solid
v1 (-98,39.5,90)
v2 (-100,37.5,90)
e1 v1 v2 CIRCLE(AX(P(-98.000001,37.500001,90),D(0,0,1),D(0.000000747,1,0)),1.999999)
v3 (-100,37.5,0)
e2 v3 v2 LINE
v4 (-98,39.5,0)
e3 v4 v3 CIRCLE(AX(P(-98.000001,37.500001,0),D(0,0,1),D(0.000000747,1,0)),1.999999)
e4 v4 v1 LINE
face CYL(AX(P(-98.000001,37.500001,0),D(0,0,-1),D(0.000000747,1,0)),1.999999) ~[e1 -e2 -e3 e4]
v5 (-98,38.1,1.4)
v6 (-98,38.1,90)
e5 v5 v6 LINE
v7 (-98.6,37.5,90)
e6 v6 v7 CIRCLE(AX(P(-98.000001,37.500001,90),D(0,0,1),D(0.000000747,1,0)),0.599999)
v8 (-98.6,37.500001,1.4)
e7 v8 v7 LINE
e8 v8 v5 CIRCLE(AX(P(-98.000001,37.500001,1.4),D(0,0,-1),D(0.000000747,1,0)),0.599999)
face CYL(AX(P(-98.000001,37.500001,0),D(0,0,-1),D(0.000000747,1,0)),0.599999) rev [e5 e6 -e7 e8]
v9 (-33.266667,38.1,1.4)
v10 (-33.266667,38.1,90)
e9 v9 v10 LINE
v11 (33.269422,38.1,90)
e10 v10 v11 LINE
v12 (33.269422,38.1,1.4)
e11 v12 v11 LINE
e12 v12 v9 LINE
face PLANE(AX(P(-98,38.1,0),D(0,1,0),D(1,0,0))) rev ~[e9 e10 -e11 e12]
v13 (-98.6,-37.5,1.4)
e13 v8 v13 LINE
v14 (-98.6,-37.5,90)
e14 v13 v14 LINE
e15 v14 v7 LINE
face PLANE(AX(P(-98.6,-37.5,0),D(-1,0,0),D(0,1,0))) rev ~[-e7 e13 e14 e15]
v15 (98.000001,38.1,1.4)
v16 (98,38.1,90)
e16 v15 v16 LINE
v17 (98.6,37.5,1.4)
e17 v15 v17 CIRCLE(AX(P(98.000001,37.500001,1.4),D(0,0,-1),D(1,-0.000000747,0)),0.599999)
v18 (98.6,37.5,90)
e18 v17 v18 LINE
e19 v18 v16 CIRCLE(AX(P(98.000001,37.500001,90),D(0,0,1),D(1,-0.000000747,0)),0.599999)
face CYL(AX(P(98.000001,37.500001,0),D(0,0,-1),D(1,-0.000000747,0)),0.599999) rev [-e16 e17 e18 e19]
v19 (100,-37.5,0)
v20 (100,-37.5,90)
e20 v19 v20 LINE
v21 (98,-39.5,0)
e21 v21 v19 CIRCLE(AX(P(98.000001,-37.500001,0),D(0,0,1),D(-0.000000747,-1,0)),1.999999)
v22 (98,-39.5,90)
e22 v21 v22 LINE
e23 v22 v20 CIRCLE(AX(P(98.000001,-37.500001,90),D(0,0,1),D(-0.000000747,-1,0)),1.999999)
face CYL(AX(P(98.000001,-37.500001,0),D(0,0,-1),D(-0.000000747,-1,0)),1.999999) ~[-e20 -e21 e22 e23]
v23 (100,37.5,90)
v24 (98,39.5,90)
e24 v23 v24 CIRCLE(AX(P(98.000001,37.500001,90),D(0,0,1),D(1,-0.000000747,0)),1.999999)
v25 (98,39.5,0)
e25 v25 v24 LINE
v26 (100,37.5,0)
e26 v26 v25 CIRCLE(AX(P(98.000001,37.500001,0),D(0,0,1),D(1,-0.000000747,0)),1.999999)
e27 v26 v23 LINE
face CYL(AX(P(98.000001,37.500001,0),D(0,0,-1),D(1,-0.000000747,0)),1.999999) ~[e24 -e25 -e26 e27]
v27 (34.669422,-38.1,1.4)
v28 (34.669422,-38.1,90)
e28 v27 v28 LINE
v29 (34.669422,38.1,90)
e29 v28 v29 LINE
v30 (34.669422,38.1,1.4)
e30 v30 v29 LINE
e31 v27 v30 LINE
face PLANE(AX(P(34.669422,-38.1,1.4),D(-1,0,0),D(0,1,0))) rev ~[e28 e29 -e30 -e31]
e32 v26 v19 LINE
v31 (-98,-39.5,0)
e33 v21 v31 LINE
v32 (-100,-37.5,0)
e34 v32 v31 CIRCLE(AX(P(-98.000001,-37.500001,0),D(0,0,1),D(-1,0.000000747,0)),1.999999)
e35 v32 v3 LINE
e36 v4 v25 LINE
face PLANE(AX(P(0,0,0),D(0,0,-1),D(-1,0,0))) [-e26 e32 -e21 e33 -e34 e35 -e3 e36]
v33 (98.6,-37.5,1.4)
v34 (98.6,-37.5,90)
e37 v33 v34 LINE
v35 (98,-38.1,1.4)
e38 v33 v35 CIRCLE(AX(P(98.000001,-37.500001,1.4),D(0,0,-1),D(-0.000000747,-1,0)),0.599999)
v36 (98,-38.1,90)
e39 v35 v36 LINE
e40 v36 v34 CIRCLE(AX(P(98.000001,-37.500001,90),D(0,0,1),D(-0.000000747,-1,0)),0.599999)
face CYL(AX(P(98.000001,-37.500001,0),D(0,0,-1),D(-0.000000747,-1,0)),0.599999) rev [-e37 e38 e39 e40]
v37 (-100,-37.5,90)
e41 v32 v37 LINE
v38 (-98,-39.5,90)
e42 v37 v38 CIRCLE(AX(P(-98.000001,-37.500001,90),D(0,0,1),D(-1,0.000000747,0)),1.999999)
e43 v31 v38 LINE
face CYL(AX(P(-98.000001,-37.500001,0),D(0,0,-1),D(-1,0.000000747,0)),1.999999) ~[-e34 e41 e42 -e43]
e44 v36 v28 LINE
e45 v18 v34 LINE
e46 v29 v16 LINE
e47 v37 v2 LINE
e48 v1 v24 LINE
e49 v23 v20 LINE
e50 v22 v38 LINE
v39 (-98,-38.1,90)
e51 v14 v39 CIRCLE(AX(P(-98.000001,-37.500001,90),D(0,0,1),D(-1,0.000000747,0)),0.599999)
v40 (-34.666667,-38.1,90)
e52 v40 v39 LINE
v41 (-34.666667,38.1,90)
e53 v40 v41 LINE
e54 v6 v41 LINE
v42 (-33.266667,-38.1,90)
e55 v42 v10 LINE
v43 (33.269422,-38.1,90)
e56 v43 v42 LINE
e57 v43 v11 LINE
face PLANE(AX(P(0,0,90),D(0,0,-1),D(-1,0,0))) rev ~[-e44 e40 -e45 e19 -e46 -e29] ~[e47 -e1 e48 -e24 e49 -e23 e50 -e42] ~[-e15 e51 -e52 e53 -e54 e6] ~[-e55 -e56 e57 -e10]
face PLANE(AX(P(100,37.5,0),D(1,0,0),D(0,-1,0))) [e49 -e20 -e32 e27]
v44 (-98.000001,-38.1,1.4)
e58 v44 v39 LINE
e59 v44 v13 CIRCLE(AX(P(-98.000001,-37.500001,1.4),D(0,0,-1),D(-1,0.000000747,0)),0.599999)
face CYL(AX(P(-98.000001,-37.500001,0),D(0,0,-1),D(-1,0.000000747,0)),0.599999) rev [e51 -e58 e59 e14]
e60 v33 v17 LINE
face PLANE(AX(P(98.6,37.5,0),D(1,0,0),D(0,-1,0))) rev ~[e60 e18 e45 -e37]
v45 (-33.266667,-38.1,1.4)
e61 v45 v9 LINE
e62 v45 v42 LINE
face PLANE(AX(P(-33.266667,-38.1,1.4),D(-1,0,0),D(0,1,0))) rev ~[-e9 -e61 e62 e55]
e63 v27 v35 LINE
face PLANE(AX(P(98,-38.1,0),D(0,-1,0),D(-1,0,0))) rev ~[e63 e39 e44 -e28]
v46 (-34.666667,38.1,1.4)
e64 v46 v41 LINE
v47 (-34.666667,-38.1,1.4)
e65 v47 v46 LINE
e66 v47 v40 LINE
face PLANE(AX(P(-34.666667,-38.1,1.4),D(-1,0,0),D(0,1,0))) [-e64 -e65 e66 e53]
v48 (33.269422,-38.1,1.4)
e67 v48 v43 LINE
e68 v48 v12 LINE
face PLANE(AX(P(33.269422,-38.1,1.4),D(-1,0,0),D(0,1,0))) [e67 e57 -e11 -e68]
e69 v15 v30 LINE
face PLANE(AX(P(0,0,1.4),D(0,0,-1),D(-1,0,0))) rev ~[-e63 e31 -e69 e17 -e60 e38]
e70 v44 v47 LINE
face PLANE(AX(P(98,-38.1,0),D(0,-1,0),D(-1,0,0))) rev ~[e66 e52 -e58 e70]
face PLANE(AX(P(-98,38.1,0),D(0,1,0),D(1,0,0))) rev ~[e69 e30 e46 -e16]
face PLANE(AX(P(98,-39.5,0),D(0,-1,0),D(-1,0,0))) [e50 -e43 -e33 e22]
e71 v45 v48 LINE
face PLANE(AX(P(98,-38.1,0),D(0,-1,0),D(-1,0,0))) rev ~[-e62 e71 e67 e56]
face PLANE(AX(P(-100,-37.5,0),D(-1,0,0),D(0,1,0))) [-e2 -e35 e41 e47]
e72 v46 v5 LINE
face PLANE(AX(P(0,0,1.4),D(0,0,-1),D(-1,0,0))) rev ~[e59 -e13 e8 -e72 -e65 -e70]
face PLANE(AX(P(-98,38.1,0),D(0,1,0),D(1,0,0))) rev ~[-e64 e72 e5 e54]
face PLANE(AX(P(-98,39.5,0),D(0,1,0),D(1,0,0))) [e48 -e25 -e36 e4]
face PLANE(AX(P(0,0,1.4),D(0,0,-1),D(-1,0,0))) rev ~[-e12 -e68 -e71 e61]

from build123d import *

# Parameters (mm, degrees)
PAD_DEPTH    = 90
THICKNESS_T  = -1.4
SKETCH001_W  = 1.4
SKETCH001_H  = 76.2
PAD001_DEPTH = 88.6


with BuildPart() as part:
    # Sketch → Pad (new body)
    with BuildSketch(Plane.XY):
        with BuildLine():
            Line((-98, 39.5), (98, 39.5))
            ThreePointArc((100, 37.5), (99.414214, 38.914214), (98, 39.5))
            Line((100, 37.5), (100, -37.5))
            ThreePointArc((98, -39.5), (99.414214, -38.914214), (100, -37.5))
            Line((98, -39.5), (-98, -39.5))
            ThreePointArc((-100, -37.5), (-99.414214, -38.914214), (-98, -39.5))
            Line((-100, -37.5), (-100, 37.5))
            ThreePointArc((-98, 39.5), (-99.414214, 38.914214), (-100, 37.5))
        make_face()
    extrude(amount=PAD_DEPTH)

    # Thickness
    thickness_openings = [part.faces().sort_by_distance(p)[0] for p in [
        (0, 0, 90),
    ]]
    offset(amount=THICKNESS_T, openings=thickness_openings)

    # Sketch001 (on Face19 of Thickness) → Pad001 (join)
    with BuildSketch(Plane.XY.offset(1.4)):
        with Locations((-33.966667, 0)):
            Rectangle(SKETCH001_W, SKETCH001_H)
        with Locations((33.969422, 0)):
            Rectangle(SKETCH001_W, SKETCH001_H)
    extrude(amount=PAD001_DEPTH)


solid = part.part
